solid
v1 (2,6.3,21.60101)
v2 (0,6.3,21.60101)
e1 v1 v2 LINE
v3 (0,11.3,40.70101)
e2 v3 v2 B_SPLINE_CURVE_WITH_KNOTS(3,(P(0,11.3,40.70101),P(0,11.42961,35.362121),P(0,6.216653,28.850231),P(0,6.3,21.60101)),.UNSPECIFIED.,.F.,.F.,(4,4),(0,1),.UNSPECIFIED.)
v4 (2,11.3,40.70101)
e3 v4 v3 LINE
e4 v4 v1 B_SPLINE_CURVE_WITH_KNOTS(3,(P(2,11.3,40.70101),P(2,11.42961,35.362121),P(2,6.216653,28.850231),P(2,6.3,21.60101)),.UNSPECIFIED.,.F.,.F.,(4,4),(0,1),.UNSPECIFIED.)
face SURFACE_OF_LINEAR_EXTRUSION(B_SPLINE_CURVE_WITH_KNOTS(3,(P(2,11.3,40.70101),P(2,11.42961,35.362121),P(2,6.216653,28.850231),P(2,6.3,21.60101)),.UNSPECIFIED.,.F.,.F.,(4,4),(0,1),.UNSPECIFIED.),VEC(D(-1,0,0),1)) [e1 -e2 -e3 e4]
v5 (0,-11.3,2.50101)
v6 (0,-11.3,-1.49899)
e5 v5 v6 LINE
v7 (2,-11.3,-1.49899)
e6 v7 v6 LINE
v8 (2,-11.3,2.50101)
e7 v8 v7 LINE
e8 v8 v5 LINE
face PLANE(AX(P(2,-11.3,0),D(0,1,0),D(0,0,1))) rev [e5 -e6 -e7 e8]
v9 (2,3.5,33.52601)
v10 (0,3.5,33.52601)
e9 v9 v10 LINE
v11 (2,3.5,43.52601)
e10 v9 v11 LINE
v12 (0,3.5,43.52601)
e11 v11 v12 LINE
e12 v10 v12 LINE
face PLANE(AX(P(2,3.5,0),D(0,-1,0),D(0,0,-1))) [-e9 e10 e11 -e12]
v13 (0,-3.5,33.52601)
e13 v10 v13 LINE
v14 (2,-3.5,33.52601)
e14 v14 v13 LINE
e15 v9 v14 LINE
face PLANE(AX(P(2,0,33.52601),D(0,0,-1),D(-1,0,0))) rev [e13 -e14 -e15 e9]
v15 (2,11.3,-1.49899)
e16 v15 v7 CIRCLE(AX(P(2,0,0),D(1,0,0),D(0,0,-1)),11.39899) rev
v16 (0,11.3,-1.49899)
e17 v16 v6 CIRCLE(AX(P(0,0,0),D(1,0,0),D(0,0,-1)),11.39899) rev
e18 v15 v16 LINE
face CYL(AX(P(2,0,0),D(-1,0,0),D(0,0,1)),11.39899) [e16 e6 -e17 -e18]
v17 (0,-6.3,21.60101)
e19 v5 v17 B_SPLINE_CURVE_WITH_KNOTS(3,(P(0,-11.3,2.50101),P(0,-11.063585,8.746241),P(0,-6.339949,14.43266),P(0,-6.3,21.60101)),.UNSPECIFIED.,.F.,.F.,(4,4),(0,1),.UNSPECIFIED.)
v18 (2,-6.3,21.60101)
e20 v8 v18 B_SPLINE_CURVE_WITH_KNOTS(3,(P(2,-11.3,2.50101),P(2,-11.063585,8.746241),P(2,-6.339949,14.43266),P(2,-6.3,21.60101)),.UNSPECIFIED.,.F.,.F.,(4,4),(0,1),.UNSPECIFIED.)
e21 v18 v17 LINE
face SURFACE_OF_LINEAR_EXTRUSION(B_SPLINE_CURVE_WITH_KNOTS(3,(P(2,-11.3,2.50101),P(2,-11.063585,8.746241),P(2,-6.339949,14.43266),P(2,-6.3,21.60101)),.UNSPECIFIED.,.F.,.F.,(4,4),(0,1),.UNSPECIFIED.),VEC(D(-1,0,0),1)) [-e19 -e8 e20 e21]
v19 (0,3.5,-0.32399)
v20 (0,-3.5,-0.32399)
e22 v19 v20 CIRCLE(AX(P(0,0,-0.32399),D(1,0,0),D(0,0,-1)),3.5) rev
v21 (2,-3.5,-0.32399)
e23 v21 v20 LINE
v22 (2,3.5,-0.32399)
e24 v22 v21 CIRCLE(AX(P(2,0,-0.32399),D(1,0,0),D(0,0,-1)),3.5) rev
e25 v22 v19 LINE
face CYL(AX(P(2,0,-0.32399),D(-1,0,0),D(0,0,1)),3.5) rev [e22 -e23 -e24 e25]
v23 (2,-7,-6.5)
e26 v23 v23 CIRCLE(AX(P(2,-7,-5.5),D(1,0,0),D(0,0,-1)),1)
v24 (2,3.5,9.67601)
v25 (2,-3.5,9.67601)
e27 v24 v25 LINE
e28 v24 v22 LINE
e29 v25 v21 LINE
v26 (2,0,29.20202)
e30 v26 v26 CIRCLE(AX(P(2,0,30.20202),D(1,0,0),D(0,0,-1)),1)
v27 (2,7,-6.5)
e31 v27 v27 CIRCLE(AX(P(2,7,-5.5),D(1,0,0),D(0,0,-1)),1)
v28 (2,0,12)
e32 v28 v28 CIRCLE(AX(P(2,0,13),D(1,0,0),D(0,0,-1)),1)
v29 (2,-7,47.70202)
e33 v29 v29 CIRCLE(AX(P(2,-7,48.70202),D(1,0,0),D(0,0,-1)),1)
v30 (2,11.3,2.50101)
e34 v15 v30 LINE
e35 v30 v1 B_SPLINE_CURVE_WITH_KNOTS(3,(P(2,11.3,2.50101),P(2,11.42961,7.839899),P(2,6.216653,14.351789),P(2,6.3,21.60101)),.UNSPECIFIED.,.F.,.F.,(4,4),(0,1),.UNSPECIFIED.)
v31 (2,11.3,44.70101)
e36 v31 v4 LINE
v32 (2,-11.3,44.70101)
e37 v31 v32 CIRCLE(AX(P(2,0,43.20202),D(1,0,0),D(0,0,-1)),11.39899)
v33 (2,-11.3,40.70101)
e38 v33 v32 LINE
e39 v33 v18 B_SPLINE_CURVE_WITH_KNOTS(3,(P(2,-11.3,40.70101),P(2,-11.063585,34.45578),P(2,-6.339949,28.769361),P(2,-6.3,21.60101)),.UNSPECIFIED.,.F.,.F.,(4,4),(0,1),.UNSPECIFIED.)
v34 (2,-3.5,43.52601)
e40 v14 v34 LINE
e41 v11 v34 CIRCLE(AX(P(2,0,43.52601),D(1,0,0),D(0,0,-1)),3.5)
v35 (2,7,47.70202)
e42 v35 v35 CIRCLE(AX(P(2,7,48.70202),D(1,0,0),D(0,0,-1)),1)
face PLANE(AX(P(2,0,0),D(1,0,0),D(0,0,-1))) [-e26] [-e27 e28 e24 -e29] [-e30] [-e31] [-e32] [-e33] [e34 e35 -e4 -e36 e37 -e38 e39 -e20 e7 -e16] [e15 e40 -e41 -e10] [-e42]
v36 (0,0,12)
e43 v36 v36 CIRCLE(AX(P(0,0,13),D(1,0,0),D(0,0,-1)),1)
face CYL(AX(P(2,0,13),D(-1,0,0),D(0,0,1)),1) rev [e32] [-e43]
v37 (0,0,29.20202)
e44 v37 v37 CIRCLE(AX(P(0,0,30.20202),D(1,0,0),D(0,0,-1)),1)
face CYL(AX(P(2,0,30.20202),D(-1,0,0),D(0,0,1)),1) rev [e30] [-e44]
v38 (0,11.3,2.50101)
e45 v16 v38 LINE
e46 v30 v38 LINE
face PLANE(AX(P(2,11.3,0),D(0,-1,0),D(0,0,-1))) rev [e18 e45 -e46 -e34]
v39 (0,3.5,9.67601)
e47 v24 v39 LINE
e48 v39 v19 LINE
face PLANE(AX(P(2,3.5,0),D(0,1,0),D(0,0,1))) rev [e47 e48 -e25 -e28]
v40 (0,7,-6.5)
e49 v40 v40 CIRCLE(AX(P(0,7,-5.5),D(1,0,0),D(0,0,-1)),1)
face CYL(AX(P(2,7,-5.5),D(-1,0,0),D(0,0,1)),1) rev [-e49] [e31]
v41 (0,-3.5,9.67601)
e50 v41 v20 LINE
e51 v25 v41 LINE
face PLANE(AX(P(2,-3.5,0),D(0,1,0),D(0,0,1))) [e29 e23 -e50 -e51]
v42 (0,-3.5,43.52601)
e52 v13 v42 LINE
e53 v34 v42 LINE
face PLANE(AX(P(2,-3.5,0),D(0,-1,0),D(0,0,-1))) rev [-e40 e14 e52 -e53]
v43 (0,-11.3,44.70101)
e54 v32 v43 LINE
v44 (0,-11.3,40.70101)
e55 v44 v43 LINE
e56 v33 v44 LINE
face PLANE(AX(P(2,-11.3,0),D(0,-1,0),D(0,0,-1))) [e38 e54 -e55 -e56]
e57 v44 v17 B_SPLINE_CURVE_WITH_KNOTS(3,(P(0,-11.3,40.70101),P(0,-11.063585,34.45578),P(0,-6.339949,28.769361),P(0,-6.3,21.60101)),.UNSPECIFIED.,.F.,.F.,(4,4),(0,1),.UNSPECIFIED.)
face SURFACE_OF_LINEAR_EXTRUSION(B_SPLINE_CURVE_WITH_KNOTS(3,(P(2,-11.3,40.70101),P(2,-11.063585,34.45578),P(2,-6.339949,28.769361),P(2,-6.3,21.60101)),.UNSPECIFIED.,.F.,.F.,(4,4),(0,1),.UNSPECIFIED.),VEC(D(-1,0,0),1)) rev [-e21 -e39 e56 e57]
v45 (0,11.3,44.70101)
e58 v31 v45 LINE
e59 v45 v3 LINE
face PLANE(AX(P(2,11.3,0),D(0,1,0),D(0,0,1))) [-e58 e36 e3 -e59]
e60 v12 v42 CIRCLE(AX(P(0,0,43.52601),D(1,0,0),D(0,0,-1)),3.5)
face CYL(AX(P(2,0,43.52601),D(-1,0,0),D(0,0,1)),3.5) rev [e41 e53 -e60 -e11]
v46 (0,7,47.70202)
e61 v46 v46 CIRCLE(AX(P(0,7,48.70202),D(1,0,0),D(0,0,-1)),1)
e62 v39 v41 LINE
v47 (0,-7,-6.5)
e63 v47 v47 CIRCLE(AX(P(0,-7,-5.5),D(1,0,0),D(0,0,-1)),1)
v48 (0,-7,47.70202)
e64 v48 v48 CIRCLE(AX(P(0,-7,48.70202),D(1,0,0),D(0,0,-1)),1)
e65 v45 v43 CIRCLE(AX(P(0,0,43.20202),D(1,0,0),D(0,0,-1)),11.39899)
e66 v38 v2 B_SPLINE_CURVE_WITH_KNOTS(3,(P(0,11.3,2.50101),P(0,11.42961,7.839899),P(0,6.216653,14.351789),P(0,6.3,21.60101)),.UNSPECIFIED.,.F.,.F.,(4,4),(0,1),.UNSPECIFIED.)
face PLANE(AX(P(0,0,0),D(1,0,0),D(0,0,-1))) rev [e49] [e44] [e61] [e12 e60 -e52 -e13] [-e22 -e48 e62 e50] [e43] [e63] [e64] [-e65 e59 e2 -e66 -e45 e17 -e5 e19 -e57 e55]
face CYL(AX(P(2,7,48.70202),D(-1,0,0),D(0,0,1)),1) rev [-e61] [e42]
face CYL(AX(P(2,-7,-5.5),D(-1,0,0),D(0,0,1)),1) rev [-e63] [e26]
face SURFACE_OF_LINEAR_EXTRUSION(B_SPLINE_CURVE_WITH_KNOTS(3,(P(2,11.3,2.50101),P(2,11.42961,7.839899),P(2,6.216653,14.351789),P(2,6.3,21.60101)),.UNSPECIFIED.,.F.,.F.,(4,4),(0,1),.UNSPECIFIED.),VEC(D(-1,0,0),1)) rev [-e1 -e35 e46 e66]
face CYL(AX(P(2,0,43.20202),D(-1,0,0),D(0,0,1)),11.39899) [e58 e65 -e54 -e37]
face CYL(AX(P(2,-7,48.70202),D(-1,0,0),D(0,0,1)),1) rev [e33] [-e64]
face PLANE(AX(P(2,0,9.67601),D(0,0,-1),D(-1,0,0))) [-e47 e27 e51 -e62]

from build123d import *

# Parameters (mm, degrees)
SCHIZZO1_R                   = 1
ESTRUSIONE_ESTRUSIONE1_DEPTH = 2


with BuildPart() as part:
    # Schizzo1 → Estrusione-Estrusione1 (new body)
    with BuildSketch(Plane(origin=(0, 0, 0), x_dir=(0, 0, -1), z_dir=(1, 0, 0))):
        with BuildLine():
            Line((-2.501010101, -11.3), (1.498989899, -11.3))
            ThreePointArc((1.498989899, -11.3), (11.398989899, 0), (1.498989899, 11.3))
            Line((1.498989899, 11.3), (-2.501010101, 11.3))
            add(Edge.make_bspline(
                [(-2.501010101, 11.3), (-7.839898951, 11.429610053), (-14.35178918, 6.216652626), (-21.601010101, 6.3)],
                knots=[0, 0, 0, 0, 1, 1, 1, 1], degree=3))
            add(Edge.make_bspline(
                [(-40.701010101, 11.3), (-35.362121251, 11.429610053), (-28.850231022, 6.216652626), (-21.601010101, 6.3)],
                knots=[0, 0, 0, 0, 1, 1, 1, 1], degree=3))
            Line((-40.701010101, 11.3), (-44.701010101, 11.3))
            ThreePointArc((-44.701010101, 11.3), (-54.601010101, 0), (-44.701010101, -11.3))
            Line((-44.701010101, -11.3), (-40.701010101, -11.3))
            add(Edge.make_bspline(
                [(-40.701010101, -11.3), (-34.455779635, -11.063584615), (-28.769360616, -6.33994929), (-21.601010101, -6.3)],
                knots=[0, 0, 0, 0, 1, 1, 1, 1], degree=3))
            add(Edge.make_bspline(
                [(-2.501010101, -11.3), (-8.746240567, -11.063584615), (-14.432659586, -6.33994929), (-21.601010101, -6.3)],
                knots=[0, 0, 0, 0, 1, 1, 1, 1], degree=3))
        make_face()
        with Locations((-48.702020202, 7)):
            Circle(SCHIZZO1_R, mode=Mode.SUBTRACT)
        with Locations((-48.702020202, -7)):
            Circle(SCHIZZO1_R, mode=Mode.SUBTRACT)
        with Locations((-30.202020202, 0)):
            Circle(SCHIZZO1_R, mode=Mode.SUBTRACT)
        with Locations((-13, 0)):
            Circle(SCHIZZO1_R, mode=Mode.SUBTRACT)
        with Locations((5.5, 7)):
            Circle(SCHIZZO1_R, mode=Mode.SUBTRACT)
        with Locations((5.5, -7)):
            Circle(SCHIZZO1_R, mode=Mode.SUBTRACT)
        with BuildLine():
            Line((-9.676010101, 3.5), (0.323989899, 3.5))
            ThreePointArc((0.323989899, 3.5), (3.823989899, 0), (0.323989899, -3.5))
            Line((0.323989899, -3.5), (-9.676010101, -3.5))
            Line((-9.676010101, -3.5), (-9.676010101, 3.5))
        make_face(mode=Mode.SUBTRACT)
        with BuildLine():
            Line((-33.526010101, -3.5), (-43.526010101, -3.5))
            ThreePointArc((-43.526010101, -3.5), (-47.026010101, 0), (-43.526010101, 3.5))
            Line((-43.526010101, 3.5), (-33.526010101, 3.5))
            Line((-33.526010101, 3.5), (-33.526010101, -3.5))
        make_face(mode=Mode.SUBTRACT)
    extrude(amount=ESTRUSIONE_ESTRUSIONE1_DEPTH)


solid = part.part
